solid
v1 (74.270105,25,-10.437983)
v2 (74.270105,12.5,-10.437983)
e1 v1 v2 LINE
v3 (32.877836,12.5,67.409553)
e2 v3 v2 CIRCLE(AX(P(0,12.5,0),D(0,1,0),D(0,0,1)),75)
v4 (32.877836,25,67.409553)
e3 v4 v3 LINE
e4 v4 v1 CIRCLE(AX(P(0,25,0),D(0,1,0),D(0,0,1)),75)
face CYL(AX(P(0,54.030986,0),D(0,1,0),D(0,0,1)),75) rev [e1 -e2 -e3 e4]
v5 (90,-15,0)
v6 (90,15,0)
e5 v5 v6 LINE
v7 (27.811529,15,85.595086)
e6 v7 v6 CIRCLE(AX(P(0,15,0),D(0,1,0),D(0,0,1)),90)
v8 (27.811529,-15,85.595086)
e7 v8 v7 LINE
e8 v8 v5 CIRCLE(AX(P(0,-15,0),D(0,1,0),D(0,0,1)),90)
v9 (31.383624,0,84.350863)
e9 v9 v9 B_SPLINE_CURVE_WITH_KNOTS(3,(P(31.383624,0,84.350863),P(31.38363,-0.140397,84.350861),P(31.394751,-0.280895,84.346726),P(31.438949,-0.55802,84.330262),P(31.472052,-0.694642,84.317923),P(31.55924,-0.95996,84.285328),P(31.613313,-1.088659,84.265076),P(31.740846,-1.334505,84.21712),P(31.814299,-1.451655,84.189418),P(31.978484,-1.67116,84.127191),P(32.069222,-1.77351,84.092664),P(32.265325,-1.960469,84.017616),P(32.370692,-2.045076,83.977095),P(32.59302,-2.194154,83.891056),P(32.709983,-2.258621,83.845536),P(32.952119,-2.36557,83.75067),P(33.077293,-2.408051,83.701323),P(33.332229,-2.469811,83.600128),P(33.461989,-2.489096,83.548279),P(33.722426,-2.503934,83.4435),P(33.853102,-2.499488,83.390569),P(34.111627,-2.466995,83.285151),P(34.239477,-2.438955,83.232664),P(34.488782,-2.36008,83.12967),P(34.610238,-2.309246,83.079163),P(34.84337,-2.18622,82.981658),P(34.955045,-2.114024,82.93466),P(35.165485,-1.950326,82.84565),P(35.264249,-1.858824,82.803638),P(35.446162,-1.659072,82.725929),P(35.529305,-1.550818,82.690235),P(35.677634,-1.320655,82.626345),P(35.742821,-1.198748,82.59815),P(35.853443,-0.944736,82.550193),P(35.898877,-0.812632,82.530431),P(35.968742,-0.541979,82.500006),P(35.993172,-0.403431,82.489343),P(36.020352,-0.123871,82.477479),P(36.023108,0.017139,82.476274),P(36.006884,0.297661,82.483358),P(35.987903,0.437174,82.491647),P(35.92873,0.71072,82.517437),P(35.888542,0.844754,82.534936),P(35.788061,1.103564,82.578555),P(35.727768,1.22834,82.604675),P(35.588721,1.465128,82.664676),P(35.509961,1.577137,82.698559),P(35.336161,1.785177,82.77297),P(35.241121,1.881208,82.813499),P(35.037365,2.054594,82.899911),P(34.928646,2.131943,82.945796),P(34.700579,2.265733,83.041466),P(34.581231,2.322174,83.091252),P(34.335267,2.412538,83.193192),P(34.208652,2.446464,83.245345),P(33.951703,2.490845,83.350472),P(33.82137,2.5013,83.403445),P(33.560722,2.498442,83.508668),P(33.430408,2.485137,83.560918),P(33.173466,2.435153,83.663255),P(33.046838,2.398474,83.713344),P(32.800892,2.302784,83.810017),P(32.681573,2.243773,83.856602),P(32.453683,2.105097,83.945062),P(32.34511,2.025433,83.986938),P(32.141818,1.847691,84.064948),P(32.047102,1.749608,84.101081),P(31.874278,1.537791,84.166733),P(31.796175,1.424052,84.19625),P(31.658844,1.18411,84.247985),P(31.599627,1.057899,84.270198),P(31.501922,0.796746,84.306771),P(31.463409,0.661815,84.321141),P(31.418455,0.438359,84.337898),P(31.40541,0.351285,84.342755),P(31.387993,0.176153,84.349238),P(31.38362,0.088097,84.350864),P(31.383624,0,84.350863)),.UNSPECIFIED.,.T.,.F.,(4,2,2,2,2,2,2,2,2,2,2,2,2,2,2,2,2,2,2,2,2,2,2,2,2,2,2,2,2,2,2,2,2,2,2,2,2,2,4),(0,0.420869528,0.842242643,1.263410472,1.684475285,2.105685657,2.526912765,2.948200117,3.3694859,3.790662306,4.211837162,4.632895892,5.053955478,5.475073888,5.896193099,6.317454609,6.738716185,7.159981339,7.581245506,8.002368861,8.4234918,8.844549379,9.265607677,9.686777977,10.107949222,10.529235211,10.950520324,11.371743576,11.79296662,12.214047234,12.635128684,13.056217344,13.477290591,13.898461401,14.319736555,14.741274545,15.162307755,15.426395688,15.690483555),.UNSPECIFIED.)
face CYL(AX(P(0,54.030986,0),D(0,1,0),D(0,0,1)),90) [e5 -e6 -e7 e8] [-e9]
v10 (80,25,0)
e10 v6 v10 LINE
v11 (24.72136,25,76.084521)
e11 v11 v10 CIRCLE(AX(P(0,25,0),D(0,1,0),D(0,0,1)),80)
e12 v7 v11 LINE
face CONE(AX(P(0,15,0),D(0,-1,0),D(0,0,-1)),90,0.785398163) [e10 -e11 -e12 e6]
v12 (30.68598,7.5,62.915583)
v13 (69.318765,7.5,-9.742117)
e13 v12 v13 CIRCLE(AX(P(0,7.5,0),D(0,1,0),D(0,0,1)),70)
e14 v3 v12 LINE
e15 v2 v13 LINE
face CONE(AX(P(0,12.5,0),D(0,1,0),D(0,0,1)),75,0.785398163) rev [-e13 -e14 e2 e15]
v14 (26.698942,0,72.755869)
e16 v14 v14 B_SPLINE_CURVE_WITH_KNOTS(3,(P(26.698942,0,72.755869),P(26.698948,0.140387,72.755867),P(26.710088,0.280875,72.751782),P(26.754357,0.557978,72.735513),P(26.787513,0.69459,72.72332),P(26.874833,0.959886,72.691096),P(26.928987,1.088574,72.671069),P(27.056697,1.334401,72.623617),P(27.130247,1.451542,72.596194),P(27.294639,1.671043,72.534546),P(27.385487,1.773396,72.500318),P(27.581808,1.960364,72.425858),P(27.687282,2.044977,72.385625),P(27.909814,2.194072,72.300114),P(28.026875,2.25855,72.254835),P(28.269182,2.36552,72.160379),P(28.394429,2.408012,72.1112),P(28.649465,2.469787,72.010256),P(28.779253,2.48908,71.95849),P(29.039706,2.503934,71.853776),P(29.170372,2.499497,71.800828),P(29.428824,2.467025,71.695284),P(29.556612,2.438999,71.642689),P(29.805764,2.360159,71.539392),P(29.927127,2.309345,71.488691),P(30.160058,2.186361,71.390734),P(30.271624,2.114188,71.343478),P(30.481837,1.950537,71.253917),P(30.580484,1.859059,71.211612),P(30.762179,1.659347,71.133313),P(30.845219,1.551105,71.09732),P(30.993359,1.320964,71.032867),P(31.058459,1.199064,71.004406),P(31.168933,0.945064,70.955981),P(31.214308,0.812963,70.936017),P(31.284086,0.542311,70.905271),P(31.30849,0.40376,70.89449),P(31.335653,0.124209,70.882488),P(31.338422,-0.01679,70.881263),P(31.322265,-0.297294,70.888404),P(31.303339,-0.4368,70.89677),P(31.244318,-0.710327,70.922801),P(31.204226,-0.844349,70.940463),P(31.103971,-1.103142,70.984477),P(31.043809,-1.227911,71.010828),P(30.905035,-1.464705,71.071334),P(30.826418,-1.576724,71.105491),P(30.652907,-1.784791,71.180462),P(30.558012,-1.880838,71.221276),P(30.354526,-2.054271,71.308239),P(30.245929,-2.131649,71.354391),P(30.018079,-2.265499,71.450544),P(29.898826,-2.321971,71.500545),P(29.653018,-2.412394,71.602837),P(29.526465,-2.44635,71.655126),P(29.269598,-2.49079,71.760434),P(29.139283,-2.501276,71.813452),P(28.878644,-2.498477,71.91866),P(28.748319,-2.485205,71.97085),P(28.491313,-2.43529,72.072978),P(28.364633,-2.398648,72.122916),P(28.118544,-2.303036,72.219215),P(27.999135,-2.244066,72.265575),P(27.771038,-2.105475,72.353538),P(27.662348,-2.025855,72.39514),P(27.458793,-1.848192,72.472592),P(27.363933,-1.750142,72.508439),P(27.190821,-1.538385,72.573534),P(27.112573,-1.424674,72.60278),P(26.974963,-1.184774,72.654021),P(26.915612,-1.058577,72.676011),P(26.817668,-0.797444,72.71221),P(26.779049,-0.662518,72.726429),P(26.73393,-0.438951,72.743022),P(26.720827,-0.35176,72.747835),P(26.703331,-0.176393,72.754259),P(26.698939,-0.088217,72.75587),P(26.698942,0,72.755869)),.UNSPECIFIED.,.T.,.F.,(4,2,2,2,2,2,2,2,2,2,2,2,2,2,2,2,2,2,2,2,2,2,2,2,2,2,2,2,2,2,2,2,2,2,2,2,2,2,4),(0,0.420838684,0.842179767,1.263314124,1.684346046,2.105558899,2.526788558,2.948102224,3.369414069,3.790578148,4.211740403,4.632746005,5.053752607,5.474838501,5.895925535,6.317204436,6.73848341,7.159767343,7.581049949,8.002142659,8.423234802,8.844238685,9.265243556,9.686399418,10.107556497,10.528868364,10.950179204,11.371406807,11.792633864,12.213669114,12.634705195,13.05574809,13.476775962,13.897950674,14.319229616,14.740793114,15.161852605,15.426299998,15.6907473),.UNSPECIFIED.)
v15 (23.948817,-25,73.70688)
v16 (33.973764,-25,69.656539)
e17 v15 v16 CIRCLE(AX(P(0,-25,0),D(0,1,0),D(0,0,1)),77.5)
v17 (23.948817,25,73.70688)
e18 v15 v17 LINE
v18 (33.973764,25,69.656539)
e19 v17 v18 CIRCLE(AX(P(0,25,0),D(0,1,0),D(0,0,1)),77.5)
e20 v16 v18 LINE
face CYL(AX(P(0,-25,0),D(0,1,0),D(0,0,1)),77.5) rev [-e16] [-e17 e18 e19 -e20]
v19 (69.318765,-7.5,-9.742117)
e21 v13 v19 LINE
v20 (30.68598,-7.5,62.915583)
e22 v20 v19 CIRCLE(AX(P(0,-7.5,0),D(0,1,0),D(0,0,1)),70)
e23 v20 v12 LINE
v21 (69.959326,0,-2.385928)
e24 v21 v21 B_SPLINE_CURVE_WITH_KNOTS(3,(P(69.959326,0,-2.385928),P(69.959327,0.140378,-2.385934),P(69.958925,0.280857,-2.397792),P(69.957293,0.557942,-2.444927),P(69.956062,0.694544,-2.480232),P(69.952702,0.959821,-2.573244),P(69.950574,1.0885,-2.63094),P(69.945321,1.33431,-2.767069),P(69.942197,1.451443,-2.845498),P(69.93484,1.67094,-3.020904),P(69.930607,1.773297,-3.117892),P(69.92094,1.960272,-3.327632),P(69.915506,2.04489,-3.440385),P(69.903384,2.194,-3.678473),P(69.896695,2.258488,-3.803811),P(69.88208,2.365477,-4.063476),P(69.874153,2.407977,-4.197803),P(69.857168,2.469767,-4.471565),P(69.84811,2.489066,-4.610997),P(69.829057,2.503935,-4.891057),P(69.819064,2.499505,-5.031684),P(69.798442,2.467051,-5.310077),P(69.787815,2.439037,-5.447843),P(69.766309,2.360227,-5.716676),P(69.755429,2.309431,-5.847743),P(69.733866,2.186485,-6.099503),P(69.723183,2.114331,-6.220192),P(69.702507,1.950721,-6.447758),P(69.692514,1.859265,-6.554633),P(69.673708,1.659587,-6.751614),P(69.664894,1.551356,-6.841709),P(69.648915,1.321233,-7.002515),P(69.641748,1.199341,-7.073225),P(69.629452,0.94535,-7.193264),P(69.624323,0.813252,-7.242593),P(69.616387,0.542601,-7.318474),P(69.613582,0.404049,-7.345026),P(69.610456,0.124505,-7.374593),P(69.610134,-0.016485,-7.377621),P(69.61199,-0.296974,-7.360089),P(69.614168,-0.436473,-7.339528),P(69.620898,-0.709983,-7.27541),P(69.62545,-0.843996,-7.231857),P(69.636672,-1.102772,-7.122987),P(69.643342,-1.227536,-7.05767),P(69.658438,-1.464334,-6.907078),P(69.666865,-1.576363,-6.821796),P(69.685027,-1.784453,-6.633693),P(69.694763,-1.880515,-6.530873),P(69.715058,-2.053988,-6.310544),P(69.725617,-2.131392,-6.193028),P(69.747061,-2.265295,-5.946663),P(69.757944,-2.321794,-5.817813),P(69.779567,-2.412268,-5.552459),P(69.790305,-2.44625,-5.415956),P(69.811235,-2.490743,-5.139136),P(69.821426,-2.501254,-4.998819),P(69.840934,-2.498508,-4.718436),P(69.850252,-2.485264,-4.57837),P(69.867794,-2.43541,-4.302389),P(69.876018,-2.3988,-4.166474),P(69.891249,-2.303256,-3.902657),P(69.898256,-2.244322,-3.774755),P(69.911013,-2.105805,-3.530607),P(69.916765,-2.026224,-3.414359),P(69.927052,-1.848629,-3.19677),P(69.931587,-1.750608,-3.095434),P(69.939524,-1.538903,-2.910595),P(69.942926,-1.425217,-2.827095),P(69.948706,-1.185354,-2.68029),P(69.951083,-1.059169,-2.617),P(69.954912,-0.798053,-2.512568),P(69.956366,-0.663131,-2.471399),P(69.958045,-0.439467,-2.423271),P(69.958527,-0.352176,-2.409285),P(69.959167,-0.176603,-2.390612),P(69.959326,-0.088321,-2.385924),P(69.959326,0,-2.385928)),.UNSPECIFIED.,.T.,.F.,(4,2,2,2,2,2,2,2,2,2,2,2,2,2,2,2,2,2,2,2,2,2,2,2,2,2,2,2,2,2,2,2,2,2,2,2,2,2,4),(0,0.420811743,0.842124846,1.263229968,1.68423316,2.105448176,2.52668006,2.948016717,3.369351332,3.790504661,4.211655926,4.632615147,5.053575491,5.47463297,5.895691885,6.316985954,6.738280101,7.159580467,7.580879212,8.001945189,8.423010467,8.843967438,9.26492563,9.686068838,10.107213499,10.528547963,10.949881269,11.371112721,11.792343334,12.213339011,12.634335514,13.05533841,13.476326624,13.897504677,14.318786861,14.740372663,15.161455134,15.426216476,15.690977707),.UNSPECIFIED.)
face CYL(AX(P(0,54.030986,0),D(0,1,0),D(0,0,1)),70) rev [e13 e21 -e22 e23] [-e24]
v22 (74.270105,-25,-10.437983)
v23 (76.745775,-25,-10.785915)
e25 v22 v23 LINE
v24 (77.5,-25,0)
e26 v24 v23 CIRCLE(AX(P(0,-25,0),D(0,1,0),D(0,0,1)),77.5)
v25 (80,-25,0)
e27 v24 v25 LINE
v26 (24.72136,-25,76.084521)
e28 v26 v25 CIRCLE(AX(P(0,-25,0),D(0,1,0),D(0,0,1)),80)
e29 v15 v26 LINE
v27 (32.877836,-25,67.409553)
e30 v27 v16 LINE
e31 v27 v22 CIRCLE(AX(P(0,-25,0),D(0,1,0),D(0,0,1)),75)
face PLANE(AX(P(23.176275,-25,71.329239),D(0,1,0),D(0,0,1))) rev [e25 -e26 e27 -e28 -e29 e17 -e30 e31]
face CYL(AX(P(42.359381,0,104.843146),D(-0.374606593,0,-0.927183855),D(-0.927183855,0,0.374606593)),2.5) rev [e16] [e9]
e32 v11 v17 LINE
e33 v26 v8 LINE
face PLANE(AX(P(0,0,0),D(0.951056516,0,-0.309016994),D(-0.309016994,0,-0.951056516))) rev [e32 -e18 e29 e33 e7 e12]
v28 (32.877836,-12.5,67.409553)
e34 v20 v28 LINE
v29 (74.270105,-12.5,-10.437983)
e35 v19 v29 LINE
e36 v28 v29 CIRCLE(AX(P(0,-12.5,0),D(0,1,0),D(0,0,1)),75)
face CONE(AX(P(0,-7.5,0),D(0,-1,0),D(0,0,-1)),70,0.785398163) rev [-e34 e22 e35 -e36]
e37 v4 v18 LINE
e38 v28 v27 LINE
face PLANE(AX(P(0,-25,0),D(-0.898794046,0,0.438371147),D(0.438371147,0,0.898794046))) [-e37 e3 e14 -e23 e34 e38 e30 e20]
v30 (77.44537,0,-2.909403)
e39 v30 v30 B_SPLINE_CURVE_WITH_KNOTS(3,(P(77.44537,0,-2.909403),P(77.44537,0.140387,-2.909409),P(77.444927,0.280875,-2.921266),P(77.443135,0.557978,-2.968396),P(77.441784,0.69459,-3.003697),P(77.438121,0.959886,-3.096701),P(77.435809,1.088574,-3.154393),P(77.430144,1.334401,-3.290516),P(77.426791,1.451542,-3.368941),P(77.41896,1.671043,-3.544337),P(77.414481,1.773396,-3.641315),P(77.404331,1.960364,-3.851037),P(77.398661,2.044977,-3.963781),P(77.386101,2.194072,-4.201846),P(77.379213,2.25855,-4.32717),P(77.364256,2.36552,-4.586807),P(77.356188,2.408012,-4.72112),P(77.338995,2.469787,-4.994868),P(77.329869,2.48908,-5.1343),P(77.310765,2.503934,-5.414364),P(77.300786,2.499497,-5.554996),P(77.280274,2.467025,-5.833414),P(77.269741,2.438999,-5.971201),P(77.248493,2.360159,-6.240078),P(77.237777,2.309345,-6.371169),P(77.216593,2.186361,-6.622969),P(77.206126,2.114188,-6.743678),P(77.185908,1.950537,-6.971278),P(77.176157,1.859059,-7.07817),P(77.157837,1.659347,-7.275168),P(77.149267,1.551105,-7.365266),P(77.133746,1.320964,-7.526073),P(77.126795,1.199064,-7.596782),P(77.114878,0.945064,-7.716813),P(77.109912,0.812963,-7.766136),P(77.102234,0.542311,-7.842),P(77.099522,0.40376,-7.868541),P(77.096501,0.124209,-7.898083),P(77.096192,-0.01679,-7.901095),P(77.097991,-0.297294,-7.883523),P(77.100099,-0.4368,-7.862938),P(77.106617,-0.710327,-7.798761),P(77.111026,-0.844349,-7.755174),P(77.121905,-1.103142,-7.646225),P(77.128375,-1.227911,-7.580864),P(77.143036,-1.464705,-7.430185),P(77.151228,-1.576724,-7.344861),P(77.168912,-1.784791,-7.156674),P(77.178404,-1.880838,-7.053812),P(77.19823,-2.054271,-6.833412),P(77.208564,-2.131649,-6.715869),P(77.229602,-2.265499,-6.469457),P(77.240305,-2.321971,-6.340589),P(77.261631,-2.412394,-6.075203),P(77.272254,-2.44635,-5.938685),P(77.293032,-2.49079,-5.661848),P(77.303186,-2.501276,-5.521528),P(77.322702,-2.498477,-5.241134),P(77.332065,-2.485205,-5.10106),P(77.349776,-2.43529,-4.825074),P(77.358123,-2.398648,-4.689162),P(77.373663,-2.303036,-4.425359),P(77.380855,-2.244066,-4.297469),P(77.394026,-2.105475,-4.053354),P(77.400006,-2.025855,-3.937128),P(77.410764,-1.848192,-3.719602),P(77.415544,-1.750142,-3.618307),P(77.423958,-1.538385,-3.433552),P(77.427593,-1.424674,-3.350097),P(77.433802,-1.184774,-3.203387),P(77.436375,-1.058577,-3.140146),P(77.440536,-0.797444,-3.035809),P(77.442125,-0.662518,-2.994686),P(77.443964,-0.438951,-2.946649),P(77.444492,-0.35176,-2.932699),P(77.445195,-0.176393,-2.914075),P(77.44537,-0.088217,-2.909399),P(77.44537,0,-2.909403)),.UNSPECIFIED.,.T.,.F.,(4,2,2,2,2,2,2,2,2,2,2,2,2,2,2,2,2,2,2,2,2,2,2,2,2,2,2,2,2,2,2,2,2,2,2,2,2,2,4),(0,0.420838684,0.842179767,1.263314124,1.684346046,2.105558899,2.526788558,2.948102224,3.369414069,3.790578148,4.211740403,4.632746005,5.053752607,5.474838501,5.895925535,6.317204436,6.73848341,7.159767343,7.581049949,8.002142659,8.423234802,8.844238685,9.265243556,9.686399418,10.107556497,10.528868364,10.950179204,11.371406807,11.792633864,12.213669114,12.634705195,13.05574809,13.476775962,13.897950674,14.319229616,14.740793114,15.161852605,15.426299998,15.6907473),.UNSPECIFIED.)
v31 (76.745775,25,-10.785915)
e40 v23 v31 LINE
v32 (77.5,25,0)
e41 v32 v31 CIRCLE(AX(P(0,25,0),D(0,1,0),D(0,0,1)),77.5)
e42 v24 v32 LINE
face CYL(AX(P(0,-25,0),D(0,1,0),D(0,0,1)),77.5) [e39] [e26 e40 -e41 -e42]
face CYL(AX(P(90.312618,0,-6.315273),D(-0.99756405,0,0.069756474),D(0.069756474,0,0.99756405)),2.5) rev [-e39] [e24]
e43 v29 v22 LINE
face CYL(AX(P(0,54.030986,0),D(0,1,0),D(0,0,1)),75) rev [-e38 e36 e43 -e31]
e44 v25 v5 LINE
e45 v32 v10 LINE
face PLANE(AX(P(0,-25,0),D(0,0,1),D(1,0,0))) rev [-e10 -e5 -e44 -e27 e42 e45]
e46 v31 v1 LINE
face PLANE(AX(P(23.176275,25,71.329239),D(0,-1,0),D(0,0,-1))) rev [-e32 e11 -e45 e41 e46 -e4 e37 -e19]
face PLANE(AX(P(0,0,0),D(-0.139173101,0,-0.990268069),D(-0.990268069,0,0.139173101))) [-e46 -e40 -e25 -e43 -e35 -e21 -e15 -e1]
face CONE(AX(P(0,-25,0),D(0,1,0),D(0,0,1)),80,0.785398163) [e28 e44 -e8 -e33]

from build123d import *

# Parameters (mm, degrees)
REVOLVE1_ANGLE           = 72
REVOLVE1_OTHER_WAY_ANGLE = 8
CUT_EXTRUDE2_DEPTH       = 127.694588784
CUT_EXTRUDE2_DEPTH_BACK  = 127.694588784
SKETCH5_R                = 2.5
CUT_EXTRUDE3_DEPTH       = 127.694588784
CIRPATTERN1_COUNT        = 2
CIRPATTERN1_ANGLE        = 72


with BuildPart() as part:
    # Sketch1 → Revolve1 (revolve)
    with BuildSketch(Plane.XY):
        Polygon((75, 25), (75, 12.5), (70, 7.5), (70, -7.5), (75, -12.5), (75, -25), (80, -25), (90, -15), (90, 15), (80, 25), align=None)
    revolve(axis=Axis((0, 54.030986193, 0), (0, -1, 0)), revolution_arc=REVOLVE1_ANGLE)

    # Sketch1 → Revolve1 other way (revolve)
    with BuildSketch(Plane.XY):
        Polygon((75, 25), (75, 12.5), (70, 7.5), (70, -7.5), (75, -12.5), (75, -25), (80, -25), (90, -15), (90, 15), (80, 25), align=None)
    revolve(axis=Axis((0, 54.030986193, 0), (0, 1, 0)), revolution_arc=REVOLVE1_OTHER_WAY_ANGLE)

    # Sketch2 → Cut-Extrude2 (cut, two sides: drawn at the far end of the back side and taken through both)
    with BuildSketch(Plane(origin=(0, 0, 0), x_dir=(1, 0, 0), z_dir=(0, 1, 0)).offset(-CUT_EXTRUDE2_DEPTH_BACK)):
        with BuildLine():
            ThreePointArc((76.745775327, 10.785915324), (77.311213895, 5.406126715), (77.5, 0))
            Line((77.5, 0), (90, 0))
            ThreePointArc((90, 0), (89.780764523, 6.278082637), (89.124126187, 12.525579086))
            Line((89.124126187, 12.525579086), (76.745775327, 10.785915324))
        make_face()
        with BuildLine():
            Line((33.973763876, -69.656538588), (30.685980275, -62.915583241))
            ThreePointArc((30.685980275, -62.915583241), (26.222461539, -64.90286982), (21.631189606, -66.573956141))
            Line((21.631189606, -66.573956141), (23.176274578, -71.329238722))
            Line((23.176274578, -71.329238722), (23.948817064, -73.706880013))
            ThreePointArc((23.948817064, -73.706880013), (29.03201099, -71.856748729), (33.973763876, -69.656538588))
        make_face()
    extrude(amount=CUT_EXTRUDE2_DEPTH + CUT_EXTRUDE2_DEPTH_BACK, mode=Mode.SUBTRACT)

    # Sketch5 → Cut-Extrude3 (cut, through all)
    with BuildSketch(Plane(origin=(0, 0, 0), x_dir=(0.9271838545667883, 0, -0.3746065934159098), z_dir=(0.3746065934159098, 0, 0.9271838545667883))):
        with Locations(Location((0, 0, 0), (0, 0, 180))):
            Circle(SKETCH5_R)
    cut_extrude3 = extrude(amount=CUT_EXTRUDE3_DEPTH, mode=Mode.SUBTRACT)

    # CirPattern1: Cut-Extrude3 ×2 about axis
    cirpattern1_axis = Axis((0, 54.030986193, 0), (0, 1, 0))
    for i in range(1, CIRPATTERN1_COUNT):
        add(cut_extrude3.rotate(cirpattern1_axis, i * CIRPATTERN1_ANGLE / (CIRPATTERN1_COUNT - 1)), mode=Mode.SUBTRACT)


solid = part.part
